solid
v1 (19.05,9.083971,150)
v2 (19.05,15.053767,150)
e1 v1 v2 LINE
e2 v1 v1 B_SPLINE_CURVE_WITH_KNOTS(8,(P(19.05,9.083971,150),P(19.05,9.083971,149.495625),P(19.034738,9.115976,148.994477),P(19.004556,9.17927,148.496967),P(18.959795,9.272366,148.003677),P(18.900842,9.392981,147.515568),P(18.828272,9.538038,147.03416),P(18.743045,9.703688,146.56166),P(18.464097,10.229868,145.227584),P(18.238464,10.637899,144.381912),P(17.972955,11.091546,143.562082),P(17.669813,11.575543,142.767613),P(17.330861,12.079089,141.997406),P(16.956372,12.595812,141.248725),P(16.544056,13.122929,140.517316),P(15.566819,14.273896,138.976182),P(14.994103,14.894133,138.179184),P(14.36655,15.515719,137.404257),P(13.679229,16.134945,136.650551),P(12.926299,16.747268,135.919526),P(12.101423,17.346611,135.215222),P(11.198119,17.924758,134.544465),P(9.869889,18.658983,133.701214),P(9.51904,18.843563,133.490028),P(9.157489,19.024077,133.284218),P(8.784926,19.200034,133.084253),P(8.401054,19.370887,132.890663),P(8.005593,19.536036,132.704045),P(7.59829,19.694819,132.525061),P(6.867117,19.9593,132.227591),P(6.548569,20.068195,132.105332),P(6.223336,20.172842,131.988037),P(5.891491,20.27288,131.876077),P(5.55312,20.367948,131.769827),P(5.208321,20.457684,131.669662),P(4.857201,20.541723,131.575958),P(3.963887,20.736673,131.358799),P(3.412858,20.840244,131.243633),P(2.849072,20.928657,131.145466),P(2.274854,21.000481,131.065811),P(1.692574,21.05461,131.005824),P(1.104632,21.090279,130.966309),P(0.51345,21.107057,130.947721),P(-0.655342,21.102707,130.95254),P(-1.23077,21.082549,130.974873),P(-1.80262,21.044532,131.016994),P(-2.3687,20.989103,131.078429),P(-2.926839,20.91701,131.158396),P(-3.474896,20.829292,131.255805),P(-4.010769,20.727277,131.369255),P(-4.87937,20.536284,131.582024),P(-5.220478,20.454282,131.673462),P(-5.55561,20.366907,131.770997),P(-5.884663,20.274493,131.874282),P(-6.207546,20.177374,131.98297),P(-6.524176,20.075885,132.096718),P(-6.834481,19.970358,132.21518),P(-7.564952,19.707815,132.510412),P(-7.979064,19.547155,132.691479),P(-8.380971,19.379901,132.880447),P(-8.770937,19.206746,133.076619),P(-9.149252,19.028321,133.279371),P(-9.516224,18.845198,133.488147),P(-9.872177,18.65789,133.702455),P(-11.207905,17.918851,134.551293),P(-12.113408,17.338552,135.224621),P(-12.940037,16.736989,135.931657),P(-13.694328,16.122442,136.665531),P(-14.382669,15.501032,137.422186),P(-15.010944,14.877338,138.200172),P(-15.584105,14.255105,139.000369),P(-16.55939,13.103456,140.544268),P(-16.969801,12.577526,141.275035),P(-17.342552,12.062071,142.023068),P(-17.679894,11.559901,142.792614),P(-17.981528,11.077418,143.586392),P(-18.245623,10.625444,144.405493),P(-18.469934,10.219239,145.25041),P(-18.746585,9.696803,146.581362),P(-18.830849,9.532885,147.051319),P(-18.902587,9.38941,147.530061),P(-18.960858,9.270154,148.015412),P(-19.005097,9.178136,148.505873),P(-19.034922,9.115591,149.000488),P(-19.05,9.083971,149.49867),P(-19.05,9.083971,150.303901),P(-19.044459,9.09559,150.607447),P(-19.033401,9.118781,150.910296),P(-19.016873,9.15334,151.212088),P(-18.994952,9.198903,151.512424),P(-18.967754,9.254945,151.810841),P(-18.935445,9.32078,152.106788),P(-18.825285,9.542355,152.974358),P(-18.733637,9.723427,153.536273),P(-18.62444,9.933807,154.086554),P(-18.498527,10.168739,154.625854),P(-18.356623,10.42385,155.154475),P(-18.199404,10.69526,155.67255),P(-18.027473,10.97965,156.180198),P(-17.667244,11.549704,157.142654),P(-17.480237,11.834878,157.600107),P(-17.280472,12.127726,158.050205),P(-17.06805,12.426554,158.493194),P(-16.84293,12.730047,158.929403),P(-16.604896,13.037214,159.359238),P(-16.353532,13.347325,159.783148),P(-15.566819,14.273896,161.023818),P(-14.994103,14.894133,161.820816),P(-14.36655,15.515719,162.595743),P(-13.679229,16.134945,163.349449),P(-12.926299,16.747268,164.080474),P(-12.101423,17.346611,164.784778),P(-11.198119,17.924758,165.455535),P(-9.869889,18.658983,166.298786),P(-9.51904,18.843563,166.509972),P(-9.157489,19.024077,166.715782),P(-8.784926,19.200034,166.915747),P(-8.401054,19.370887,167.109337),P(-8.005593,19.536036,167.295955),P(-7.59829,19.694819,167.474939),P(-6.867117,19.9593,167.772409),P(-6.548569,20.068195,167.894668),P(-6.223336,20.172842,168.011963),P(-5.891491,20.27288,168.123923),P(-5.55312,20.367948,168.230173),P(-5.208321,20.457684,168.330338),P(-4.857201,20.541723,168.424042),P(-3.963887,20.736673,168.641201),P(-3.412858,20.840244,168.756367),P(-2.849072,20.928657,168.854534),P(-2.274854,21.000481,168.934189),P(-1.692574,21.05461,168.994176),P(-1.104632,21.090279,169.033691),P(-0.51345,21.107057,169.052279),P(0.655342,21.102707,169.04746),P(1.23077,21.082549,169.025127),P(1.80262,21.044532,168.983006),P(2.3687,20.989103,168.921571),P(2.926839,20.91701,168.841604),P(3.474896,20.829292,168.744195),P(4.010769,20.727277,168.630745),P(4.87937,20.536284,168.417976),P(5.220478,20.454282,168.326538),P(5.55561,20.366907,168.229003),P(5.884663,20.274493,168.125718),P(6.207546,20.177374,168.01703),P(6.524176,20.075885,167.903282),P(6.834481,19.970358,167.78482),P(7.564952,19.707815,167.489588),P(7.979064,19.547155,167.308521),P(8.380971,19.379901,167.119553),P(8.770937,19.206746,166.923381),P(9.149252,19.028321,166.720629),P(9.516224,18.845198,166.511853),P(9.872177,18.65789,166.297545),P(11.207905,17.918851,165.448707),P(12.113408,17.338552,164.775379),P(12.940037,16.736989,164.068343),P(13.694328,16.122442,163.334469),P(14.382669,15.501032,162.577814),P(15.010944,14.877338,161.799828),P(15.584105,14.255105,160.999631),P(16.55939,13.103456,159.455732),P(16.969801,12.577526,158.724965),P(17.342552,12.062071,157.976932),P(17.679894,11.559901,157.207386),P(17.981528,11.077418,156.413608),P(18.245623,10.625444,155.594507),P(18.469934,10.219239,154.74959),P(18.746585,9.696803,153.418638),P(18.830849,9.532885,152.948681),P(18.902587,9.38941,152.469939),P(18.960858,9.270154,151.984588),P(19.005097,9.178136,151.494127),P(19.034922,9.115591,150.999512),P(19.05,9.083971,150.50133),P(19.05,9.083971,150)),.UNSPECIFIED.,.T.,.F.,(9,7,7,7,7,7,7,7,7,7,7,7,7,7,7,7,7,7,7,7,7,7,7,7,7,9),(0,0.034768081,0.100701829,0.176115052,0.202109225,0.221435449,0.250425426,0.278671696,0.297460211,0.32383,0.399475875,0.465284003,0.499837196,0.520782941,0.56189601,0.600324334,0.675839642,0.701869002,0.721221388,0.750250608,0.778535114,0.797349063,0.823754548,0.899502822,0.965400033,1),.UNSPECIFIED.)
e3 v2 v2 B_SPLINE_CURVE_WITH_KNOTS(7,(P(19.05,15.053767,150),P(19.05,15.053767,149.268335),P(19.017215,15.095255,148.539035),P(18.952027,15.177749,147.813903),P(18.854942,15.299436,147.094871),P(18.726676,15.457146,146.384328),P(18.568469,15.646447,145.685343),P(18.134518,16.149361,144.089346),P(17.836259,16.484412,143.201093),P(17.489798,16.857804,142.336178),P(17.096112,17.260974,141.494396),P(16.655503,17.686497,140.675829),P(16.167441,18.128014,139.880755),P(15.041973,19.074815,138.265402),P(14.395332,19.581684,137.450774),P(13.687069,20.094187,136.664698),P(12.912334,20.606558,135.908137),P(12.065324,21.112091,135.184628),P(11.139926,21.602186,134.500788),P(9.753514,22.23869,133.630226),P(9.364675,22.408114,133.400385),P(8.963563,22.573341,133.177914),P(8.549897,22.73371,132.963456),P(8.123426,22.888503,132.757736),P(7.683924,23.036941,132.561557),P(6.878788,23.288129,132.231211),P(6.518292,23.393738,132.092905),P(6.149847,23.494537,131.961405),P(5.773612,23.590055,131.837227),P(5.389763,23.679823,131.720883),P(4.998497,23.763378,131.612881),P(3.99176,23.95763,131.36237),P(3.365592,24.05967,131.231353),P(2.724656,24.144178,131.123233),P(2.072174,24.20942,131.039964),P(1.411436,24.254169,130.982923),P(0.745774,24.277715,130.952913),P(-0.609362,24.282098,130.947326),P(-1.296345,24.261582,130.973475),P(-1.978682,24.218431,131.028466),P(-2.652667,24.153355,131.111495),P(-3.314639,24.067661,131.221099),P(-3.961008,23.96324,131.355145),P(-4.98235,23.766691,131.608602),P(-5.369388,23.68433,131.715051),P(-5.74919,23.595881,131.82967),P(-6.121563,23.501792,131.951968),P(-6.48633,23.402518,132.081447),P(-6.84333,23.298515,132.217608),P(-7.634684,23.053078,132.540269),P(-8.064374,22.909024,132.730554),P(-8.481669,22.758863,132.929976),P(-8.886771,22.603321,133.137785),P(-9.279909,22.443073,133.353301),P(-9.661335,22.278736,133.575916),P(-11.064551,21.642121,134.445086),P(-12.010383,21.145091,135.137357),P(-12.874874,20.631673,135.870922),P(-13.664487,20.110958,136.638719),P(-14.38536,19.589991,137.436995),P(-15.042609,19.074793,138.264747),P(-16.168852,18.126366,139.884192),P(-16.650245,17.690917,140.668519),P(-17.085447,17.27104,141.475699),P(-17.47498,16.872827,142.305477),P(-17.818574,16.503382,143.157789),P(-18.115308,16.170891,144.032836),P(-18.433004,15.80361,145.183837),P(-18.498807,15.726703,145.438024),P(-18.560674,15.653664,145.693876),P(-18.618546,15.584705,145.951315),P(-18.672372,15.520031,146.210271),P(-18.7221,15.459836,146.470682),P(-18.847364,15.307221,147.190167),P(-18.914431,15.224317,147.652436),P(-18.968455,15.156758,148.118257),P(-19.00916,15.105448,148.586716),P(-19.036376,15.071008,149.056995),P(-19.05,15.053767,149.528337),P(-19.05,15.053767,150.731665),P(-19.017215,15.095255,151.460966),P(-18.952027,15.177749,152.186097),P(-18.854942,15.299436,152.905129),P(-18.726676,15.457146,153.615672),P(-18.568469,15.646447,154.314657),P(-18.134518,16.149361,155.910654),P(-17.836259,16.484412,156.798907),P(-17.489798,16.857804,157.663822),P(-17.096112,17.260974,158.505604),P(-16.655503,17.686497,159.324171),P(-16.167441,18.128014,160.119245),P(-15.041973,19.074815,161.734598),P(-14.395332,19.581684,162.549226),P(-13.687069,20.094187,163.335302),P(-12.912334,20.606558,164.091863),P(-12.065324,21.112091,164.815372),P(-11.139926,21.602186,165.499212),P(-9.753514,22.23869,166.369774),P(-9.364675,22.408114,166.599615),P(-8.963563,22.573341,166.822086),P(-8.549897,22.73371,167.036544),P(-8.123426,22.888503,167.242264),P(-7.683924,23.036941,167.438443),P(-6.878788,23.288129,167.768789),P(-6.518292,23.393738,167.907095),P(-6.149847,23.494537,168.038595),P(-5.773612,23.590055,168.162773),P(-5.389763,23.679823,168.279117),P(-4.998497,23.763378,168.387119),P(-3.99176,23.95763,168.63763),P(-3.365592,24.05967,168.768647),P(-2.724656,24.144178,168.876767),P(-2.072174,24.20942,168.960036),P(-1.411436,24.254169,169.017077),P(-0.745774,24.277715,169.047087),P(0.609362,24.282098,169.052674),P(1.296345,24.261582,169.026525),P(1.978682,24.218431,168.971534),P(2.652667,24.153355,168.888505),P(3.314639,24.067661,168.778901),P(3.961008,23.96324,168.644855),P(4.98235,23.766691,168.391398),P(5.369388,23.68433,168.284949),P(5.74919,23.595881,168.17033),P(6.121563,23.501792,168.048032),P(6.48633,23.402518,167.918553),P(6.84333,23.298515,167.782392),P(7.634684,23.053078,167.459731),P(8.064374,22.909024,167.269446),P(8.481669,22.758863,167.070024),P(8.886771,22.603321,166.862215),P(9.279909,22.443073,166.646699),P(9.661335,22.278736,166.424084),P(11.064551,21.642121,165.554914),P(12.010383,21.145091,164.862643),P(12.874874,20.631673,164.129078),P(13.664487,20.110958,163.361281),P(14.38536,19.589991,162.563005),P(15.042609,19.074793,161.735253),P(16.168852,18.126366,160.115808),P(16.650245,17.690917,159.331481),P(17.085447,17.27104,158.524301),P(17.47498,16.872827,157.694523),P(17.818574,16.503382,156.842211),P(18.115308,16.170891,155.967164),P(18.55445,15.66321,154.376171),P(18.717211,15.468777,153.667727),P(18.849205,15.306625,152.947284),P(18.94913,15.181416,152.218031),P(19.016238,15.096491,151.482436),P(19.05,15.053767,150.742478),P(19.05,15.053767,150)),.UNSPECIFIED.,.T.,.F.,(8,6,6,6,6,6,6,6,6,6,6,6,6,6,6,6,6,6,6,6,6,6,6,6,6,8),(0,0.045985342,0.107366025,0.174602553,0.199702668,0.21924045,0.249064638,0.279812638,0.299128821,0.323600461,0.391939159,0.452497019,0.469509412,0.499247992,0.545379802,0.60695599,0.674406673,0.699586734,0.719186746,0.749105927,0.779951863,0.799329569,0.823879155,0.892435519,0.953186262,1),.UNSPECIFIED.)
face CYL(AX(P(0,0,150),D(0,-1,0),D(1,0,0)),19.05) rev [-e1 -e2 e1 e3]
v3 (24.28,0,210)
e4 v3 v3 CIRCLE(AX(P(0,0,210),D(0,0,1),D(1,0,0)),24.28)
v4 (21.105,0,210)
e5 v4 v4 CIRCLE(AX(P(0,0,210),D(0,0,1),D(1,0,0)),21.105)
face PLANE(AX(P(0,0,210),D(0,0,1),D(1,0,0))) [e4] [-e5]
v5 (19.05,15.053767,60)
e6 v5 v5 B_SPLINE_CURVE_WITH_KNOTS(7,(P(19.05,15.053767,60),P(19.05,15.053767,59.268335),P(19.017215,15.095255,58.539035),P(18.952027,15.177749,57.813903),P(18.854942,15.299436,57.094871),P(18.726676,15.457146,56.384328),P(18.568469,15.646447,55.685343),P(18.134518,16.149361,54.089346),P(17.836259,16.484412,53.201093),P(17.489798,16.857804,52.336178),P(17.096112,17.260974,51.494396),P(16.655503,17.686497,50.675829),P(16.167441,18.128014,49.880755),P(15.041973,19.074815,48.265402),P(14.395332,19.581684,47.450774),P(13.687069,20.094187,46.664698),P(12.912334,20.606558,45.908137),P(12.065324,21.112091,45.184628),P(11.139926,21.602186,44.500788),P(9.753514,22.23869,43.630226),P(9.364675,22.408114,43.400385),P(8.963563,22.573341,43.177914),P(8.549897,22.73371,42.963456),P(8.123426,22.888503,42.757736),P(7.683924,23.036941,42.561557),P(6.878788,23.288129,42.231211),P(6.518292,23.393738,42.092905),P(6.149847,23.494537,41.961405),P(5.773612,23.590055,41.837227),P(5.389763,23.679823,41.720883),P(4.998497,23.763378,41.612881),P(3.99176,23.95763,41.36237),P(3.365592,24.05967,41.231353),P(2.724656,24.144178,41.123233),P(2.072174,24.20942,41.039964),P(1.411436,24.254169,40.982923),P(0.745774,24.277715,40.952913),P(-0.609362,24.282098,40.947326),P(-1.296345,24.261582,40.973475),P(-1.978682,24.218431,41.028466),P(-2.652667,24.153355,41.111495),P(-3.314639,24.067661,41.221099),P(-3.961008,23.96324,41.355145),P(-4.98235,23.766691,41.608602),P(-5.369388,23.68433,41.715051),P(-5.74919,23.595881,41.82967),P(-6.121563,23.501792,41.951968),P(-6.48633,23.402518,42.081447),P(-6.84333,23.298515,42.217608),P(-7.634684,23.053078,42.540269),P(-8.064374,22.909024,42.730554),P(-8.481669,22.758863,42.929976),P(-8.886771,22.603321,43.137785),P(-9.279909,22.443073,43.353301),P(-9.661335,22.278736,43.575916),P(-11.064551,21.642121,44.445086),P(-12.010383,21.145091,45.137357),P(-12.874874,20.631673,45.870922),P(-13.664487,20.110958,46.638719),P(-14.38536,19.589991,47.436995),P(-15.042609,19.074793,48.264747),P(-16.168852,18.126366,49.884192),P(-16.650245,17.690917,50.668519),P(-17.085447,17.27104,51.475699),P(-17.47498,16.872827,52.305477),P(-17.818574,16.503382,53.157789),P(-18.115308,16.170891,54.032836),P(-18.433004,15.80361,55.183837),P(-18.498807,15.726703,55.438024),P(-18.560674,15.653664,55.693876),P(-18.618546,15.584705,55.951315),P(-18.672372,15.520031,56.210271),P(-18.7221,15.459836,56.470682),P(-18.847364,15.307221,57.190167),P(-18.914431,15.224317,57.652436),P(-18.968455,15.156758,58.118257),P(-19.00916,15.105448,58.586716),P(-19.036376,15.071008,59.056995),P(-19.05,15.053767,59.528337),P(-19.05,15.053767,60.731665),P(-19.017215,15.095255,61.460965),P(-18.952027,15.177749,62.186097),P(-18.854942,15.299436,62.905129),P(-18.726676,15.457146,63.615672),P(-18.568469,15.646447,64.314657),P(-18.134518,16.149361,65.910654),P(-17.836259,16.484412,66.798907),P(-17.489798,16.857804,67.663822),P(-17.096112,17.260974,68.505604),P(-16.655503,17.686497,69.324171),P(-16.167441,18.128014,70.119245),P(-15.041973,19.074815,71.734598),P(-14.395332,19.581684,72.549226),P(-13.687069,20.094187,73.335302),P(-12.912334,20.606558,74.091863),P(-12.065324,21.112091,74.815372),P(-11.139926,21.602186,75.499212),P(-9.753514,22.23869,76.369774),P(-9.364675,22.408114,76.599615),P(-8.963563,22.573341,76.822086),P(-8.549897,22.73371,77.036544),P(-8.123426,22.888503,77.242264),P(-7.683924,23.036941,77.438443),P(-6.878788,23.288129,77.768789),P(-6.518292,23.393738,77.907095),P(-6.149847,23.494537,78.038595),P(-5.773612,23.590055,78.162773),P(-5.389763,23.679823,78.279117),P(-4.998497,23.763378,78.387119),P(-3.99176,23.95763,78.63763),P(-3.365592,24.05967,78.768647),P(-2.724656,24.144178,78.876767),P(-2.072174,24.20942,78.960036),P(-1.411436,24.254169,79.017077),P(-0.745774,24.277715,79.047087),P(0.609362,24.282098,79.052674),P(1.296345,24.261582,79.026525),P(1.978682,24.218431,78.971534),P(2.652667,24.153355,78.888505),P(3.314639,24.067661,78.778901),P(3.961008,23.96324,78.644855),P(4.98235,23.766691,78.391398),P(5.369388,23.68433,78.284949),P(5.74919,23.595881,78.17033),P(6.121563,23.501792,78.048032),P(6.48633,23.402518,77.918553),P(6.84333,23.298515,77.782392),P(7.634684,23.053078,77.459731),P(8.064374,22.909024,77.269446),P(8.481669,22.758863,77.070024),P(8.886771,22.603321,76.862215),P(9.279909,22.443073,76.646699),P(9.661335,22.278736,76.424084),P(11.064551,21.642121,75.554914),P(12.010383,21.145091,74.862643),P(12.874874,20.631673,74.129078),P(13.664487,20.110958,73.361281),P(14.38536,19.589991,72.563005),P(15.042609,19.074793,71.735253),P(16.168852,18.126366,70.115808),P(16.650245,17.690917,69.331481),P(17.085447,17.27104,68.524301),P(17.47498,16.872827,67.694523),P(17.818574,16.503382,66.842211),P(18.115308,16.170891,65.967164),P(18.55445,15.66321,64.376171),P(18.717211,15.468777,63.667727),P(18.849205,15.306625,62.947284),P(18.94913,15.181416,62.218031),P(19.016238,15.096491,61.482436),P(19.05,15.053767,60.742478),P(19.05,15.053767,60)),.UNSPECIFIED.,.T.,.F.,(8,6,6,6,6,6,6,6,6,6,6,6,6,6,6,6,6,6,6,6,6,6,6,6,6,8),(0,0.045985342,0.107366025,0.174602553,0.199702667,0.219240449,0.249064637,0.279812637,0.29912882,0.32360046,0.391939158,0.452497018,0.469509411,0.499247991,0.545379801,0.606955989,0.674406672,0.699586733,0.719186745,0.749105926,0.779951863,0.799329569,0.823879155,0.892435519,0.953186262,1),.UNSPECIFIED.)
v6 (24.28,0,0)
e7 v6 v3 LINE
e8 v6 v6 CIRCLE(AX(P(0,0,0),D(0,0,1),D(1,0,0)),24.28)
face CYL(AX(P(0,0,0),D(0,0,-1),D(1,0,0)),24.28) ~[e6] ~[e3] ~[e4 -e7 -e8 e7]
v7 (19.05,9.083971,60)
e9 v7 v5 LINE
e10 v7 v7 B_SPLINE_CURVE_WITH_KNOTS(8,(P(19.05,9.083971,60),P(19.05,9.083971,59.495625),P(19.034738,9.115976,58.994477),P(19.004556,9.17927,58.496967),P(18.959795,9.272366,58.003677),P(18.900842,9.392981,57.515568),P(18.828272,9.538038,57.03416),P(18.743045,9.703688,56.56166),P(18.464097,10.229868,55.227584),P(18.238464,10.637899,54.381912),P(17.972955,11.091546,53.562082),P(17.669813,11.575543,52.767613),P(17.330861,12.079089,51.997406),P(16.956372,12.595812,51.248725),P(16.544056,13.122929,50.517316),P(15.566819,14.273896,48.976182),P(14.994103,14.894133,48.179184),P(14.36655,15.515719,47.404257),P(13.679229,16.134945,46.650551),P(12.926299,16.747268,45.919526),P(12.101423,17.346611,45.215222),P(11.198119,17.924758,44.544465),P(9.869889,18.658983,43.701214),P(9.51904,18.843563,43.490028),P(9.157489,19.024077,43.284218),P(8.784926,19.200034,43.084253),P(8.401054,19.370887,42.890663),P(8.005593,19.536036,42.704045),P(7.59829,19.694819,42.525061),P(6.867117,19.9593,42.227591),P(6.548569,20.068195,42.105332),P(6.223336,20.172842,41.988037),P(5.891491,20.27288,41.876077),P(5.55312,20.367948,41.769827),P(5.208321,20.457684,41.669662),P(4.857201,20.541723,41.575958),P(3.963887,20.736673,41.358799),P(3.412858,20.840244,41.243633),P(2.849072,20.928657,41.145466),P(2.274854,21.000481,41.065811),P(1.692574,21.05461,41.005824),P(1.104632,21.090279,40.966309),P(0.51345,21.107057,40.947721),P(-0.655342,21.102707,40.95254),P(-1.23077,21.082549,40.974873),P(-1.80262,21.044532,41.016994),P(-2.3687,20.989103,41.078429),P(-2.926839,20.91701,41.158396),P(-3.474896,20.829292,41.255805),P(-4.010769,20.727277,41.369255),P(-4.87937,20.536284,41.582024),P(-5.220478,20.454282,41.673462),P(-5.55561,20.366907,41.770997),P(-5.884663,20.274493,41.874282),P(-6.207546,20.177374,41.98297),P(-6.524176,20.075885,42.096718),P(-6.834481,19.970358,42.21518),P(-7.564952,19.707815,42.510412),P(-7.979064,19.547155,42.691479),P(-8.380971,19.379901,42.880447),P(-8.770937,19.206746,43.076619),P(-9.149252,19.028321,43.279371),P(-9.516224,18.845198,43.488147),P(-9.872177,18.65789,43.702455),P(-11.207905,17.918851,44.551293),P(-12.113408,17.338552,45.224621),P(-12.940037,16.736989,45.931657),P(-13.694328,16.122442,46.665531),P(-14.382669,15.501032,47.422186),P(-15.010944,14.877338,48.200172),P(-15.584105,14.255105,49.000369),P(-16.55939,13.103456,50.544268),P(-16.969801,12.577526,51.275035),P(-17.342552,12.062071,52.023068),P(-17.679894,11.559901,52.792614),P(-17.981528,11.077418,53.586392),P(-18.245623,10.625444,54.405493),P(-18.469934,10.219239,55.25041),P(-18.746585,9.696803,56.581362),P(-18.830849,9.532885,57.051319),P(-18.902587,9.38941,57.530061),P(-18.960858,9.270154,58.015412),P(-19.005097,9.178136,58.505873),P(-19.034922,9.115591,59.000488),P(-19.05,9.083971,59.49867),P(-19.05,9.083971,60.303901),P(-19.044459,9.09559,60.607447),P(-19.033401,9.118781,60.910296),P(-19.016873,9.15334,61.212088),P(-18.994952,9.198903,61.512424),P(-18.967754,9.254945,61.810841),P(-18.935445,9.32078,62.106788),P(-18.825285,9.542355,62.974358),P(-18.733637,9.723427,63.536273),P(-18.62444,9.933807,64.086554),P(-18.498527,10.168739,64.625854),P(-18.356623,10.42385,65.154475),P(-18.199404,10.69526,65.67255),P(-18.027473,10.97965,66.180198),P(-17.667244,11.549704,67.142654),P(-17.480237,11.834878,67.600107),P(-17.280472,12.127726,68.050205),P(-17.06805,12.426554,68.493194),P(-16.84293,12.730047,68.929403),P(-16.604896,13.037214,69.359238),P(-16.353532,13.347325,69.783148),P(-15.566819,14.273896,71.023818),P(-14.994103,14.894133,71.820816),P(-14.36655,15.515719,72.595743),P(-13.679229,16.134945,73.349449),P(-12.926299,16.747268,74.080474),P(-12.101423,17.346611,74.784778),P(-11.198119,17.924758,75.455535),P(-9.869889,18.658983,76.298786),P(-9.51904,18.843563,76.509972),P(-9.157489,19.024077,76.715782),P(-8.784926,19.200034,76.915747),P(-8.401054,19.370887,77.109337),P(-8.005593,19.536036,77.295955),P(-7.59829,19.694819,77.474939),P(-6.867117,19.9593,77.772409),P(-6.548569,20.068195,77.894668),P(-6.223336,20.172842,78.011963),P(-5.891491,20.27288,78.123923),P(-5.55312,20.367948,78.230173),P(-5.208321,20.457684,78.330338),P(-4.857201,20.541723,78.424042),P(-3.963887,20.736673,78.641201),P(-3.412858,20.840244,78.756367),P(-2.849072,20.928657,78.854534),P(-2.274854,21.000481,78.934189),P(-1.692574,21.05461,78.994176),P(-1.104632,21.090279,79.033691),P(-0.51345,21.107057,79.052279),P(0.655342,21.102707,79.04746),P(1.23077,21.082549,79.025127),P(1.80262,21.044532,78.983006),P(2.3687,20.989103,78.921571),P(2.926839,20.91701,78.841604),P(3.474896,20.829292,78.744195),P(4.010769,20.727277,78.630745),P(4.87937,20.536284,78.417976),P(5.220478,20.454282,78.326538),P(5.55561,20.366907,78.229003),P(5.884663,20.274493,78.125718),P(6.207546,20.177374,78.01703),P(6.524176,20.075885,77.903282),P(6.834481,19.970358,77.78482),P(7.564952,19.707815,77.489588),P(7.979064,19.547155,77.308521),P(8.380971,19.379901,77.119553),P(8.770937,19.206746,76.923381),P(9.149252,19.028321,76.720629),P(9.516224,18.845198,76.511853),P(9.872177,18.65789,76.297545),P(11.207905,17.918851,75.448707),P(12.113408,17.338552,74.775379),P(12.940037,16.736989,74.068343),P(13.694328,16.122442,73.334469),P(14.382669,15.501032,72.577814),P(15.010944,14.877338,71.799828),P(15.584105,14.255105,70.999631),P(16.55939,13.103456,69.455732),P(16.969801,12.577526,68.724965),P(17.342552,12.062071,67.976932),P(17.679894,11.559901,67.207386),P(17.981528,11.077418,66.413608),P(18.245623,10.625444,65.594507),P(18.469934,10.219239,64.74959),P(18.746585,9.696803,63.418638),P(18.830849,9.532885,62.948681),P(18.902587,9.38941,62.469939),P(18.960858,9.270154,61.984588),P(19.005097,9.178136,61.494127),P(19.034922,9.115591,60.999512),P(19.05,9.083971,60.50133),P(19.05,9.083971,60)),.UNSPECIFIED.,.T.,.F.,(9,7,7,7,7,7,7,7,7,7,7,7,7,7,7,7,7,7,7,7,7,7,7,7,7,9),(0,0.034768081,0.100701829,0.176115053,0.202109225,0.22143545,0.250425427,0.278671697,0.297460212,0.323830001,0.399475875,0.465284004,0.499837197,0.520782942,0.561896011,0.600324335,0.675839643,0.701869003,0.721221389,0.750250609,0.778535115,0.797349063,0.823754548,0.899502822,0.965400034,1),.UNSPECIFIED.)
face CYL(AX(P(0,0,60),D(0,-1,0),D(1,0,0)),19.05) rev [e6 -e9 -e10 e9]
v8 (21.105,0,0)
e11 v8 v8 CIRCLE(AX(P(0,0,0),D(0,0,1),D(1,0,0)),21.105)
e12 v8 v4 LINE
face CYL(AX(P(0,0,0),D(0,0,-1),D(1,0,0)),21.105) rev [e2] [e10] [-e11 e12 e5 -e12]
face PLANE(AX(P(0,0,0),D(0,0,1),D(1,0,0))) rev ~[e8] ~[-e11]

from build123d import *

# Parameters (mm, degrees)
SKETCH1_R           = 24.28
SKETCH1_R_2         = 21.105
BOSS_EXTRUDE1_DEPTH = 210
SKETCH2_R           = 19.05
CUT_EXTRUDE1_DEPTH  = 100


with BuildPart() as part:
    # Sketch1 → Boss-Extrude1 (new body)
    with BuildSketch(Plane.XY):
        Circle(SKETCH1_R)
        Circle(SKETCH1_R_2, mode=Mode.SUBTRACT)
    extrude(amount=BOSS_EXTRUDE1_DEPTH)

    # Sketch2 → Cut-Extrude1 (cut)
    with BuildSketch(Plane(origin=(0, 0, 0), x_dir=(1, 0, 0), z_dir=(0, 1, 0))):
        with Locations((0, -150)):
            Circle(SKETCH2_R)
        with Locations((0, -60)):
            Circle(SKETCH2_R)
    extrude(amount=CUT_EXTRUDE1_DEPTH, mode=Mode.SUBTRACT)


solid = part.part
